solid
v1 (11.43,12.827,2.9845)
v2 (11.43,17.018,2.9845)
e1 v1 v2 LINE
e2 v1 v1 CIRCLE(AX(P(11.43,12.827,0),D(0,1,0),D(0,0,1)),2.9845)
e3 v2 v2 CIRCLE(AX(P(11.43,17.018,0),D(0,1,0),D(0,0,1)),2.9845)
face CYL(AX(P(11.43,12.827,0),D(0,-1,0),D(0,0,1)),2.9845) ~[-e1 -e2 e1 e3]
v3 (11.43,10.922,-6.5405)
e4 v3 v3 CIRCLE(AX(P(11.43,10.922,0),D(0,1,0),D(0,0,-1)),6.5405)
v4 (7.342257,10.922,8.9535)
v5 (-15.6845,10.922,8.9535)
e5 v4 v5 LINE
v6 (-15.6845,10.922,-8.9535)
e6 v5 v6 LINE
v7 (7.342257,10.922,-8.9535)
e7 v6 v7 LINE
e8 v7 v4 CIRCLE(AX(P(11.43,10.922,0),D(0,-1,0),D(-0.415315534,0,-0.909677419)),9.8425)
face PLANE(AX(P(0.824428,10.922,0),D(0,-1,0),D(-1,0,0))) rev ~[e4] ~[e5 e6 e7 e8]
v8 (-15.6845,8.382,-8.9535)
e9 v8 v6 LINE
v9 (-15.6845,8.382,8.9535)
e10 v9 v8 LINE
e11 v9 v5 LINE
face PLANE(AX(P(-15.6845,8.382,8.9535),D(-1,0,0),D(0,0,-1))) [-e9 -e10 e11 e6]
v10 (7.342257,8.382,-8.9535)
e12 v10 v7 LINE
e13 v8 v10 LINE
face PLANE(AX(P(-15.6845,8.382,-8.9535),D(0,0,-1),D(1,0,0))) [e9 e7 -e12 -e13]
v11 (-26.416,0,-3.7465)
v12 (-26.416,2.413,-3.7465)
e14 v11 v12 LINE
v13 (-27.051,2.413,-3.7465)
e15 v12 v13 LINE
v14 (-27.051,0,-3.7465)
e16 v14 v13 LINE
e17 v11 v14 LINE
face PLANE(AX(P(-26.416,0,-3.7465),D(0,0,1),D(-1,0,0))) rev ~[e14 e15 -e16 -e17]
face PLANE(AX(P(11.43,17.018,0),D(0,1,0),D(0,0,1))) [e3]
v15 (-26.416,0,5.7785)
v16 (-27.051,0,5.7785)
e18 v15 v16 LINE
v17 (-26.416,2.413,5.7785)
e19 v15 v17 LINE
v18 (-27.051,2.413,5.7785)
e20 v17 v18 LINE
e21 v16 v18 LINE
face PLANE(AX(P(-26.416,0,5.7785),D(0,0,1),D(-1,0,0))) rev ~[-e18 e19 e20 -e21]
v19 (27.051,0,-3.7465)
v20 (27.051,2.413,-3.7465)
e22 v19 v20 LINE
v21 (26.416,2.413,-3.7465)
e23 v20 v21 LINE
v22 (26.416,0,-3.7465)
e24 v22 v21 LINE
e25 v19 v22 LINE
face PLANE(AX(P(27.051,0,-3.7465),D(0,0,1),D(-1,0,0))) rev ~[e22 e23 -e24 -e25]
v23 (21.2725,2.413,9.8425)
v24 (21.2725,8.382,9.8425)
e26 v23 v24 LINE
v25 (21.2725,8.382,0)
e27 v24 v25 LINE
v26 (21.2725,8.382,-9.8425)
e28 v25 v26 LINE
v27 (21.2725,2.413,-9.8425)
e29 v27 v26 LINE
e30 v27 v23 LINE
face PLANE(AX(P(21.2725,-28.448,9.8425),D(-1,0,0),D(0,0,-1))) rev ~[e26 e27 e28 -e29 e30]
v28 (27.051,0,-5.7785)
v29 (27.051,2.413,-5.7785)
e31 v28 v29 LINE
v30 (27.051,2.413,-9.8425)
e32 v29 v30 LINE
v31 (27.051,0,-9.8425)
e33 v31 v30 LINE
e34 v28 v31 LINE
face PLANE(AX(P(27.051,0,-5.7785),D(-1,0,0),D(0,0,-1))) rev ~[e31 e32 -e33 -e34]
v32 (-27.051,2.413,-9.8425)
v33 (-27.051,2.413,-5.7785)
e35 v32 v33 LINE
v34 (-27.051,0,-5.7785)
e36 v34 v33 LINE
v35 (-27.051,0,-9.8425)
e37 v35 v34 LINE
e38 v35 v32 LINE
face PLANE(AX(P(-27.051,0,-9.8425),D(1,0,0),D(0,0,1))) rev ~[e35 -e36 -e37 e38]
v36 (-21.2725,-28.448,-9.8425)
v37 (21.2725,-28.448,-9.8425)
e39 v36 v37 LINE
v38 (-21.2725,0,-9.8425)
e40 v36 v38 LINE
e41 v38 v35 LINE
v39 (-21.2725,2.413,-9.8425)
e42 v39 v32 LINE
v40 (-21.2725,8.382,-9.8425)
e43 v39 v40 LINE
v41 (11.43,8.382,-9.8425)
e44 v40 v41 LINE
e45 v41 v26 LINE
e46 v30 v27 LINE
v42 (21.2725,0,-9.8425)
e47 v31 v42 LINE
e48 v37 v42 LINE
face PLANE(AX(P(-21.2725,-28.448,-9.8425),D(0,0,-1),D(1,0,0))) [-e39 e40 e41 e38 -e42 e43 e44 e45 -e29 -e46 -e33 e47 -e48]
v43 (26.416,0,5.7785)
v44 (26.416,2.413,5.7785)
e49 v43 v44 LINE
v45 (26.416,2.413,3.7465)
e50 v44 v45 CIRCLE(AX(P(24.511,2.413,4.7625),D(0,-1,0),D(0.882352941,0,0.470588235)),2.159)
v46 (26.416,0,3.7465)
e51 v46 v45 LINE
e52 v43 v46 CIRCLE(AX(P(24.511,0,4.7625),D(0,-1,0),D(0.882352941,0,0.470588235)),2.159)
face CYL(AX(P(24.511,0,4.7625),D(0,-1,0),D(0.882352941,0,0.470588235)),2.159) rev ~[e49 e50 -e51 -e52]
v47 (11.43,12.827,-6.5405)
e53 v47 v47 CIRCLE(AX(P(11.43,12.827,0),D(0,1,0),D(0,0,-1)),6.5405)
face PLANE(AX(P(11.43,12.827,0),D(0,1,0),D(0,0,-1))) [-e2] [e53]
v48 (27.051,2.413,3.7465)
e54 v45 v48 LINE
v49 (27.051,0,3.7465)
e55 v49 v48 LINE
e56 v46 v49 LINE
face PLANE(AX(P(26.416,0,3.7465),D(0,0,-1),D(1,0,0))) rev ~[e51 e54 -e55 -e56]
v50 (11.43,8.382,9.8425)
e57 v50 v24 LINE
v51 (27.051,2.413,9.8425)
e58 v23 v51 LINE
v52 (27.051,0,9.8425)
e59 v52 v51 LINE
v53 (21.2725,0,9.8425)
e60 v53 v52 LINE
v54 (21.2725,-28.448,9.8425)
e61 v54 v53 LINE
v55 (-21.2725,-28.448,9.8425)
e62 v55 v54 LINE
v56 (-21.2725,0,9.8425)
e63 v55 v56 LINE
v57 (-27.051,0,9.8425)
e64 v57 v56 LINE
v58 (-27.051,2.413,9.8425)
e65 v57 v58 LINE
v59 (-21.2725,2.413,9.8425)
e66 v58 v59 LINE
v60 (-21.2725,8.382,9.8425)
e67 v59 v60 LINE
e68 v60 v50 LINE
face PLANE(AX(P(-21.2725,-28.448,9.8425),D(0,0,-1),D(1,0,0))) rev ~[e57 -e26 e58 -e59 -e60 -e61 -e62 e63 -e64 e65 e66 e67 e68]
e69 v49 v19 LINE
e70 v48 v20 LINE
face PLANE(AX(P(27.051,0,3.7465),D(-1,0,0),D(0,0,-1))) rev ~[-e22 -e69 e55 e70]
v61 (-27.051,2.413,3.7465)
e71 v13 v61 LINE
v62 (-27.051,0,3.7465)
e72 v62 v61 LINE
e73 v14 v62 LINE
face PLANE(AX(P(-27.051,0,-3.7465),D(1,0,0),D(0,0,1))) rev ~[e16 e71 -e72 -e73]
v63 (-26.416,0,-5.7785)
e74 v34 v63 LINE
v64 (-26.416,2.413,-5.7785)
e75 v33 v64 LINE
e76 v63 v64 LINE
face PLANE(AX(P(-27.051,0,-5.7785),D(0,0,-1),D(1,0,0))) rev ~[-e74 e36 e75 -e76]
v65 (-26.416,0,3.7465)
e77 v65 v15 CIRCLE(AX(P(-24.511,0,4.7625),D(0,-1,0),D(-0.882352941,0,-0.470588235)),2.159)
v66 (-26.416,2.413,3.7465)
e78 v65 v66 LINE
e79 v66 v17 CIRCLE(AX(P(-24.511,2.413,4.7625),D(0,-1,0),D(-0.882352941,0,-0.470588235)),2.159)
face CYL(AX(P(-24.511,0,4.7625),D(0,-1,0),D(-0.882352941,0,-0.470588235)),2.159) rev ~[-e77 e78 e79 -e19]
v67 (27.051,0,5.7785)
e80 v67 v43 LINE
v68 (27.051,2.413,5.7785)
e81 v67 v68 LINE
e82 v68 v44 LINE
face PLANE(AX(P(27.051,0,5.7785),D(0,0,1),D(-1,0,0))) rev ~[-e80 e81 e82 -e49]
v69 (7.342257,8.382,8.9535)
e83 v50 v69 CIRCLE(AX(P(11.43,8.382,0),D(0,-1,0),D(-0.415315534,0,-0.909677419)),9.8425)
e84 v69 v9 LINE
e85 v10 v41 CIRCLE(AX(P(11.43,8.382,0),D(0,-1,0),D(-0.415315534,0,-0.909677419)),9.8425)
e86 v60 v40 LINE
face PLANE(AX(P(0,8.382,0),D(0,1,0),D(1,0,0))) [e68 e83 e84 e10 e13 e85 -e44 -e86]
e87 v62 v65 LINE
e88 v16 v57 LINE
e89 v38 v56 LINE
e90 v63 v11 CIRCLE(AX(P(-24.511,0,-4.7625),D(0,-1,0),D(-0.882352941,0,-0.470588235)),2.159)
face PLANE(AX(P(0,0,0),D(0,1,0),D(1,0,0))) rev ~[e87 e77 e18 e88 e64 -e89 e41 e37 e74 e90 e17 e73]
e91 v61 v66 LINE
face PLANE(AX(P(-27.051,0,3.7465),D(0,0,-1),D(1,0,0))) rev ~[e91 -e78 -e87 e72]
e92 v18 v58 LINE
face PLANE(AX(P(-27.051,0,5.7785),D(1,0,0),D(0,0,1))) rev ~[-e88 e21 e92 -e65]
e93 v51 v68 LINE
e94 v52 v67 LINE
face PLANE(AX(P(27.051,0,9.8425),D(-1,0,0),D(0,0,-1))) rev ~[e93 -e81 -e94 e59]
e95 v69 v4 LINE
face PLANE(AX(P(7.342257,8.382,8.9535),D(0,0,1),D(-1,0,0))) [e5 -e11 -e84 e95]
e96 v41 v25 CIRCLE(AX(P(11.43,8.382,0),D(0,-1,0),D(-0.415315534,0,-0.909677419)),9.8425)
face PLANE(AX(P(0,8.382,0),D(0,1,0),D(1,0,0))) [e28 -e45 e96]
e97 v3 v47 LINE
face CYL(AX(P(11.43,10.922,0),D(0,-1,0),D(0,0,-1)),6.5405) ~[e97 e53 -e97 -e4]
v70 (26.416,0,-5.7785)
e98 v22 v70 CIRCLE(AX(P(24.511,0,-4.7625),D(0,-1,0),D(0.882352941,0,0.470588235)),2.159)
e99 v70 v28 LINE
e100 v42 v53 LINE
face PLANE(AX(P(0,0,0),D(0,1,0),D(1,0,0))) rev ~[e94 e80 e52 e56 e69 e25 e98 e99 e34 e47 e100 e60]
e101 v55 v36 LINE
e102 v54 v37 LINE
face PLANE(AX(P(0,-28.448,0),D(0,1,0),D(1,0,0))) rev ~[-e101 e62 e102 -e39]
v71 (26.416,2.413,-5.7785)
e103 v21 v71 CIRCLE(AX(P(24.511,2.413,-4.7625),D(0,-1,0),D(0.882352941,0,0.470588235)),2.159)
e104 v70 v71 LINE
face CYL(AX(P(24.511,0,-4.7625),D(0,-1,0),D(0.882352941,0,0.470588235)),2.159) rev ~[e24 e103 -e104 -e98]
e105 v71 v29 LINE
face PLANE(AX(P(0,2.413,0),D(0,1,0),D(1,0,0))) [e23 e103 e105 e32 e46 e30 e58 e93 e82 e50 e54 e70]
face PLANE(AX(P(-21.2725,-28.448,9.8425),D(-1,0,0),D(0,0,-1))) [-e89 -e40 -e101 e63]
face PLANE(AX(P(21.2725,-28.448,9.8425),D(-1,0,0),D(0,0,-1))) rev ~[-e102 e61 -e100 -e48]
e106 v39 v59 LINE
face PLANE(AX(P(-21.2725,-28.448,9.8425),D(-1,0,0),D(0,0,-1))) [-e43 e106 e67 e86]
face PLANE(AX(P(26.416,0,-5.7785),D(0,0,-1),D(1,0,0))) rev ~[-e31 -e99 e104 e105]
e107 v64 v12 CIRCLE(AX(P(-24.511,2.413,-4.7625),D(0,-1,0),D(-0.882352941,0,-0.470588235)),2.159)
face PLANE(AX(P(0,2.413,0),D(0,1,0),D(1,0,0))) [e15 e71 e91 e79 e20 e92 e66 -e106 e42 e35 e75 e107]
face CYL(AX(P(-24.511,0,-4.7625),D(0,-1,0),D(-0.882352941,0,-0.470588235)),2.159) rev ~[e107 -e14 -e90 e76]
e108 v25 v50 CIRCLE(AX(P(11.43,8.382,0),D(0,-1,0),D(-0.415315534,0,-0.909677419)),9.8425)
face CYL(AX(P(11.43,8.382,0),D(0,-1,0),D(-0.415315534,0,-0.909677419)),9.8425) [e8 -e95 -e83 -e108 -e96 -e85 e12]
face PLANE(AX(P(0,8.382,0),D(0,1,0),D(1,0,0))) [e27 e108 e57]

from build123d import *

# Parameters (mm, degrees)
BOSS_EXTRUDE1_DEPTH      = 2.413
BOSS_EXTRUDE2_DEPTH      = 8.382
BOSS_EXTRUDE2_DEPTH_BACK = 28.448
SKETCH3_W                = 42.545
SKETCH3_H                = 19.685
BOSS_EXTRUDE3_DEPTH      = 2.54
SKETCH5_R                = 6.5405
BOSS_EXTRUDE4_DEPTH      = 1.905
SKETCH6_R                = 2.9845
BOSS_EXTRUDE5_DEPTH      = 4.191


with BuildPart() as part:
    # Sketch2 → Boss-Extrude1 (new body)
    with BuildSketch(Plane(origin=(0, 0, 0), x_dir=(1, 0, 0), z_dir=(0, 1, 0))):
        with BuildLine():
            Line((-27.051, -9.8425), (27.051, -9.8425))
            Line((27.051, -9.8425), (27.051, -5.7785))
            Line((27.051, -5.7785), (26.416, -5.7785))
            ThreePointArc((26.416, -5.7785), (22.352, -4.7625), (26.416, -3.7465))
            Line((26.416, -3.7465), (27.051, -3.7465))
            Line((27.051, -3.7465), (27.051, 3.7465))
            Line((27.051, 3.7465), (26.416, 3.7465))
            ThreePointArc((26.416, 3.7465), (22.352, 4.7625), (26.416, 5.7785))
            Line((26.416, 5.7785), (27.051, 5.7785))
            Line((27.051, 5.7785), (27.051, 9.8425))
            Line((27.051, 9.8425), (-27.051, 9.8425))
            Line((-27.051, 9.8425), (-27.051, 5.7785))
            Line((-27.051, 5.7785), (-26.416, 5.7785))
            ThreePointArc((-26.416, 5.7785), (-22.352, 4.7625), (-26.416, 3.7465))
            Line((-26.416, 3.7465), (-27.051, 3.7465))
            Line((-27.051, 3.7465), (-27.051, -3.7465))
            Line((-27.051, -3.7465), (-26.416, -3.7465))
            ThreePointArc((-26.416, -3.7465), (-22.352, -4.7625), (-26.416, -5.7785))
            Line((-26.416, -5.7785), (-27.051, -5.7785))
            Line((-27.051, -5.7785), (-27.051, -9.8425))
        make_face()
    extrude(amount=BOSS_EXTRUDE1_DEPTH)

    # Sketch3 → Boss-Extrude2 (add, two sides: drawn at the far end of the back side and taken through both)
    with BuildSketch(Plane(origin=(0, 0, 0), x_dir=(1, 0, 0), z_dir=(0, 1, 0)).offset(-BOSS_EXTRUDE2_DEPTH_BACK)):
        Rectangle(SKETCH3_W, SKETCH3_H)
    extrude(amount=BOSS_EXTRUDE2_DEPTH + BOSS_EXTRUDE2_DEPTH_BACK)

    # Sketch4 → Boss-Extrude3 (add)
    with BuildSketch(Plane(origin=(0, 8.382, 0), x_dir=(1, 0, 0), z_dir=(0, 1, 0))):
        with BuildLine():
            Line((-15.6845, 8.9535), (7.342256857, 8.9535))
            ThreePointArc((7.342256857, 8.9535), (21.2725, 0), (7.342256857, -8.9535))
            Line((7.342256857, -8.9535), (-15.6845, -8.9535))
            Line((-15.6845, -8.9535), (-15.6845, 8.9535))
        make_face()
    extrude(amount=BOSS_EXTRUDE3_DEPTH)

    # Sketch5 → Boss-Extrude4 (add)
    with BuildSketch(Plane(origin=(0, 10.922, 0), x_dir=(1, 0, 0), z_dir=(0, 1, 0))):
        with Locations(Location((11.43, 0, 0), (0, 0, 90))):
            Circle(SKETCH5_R)
    extrude(amount=BOSS_EXTRUDE4_DEPTH)

    # Sketch6 → Boss-Extrude5 (add)
    with BuildSketch(Plane(origin=(0, 12.827, 0), x_dir=(1, 0, 0), z_dir=(0, 1, 0))):
        with Locations(Location((11.43, 0, 0), (0, 0, 270))):
            Circle(SKETCH6_R)
    extrude(amount=BOSS_EXTRUDE5_DEPTH)


solid = part.part
